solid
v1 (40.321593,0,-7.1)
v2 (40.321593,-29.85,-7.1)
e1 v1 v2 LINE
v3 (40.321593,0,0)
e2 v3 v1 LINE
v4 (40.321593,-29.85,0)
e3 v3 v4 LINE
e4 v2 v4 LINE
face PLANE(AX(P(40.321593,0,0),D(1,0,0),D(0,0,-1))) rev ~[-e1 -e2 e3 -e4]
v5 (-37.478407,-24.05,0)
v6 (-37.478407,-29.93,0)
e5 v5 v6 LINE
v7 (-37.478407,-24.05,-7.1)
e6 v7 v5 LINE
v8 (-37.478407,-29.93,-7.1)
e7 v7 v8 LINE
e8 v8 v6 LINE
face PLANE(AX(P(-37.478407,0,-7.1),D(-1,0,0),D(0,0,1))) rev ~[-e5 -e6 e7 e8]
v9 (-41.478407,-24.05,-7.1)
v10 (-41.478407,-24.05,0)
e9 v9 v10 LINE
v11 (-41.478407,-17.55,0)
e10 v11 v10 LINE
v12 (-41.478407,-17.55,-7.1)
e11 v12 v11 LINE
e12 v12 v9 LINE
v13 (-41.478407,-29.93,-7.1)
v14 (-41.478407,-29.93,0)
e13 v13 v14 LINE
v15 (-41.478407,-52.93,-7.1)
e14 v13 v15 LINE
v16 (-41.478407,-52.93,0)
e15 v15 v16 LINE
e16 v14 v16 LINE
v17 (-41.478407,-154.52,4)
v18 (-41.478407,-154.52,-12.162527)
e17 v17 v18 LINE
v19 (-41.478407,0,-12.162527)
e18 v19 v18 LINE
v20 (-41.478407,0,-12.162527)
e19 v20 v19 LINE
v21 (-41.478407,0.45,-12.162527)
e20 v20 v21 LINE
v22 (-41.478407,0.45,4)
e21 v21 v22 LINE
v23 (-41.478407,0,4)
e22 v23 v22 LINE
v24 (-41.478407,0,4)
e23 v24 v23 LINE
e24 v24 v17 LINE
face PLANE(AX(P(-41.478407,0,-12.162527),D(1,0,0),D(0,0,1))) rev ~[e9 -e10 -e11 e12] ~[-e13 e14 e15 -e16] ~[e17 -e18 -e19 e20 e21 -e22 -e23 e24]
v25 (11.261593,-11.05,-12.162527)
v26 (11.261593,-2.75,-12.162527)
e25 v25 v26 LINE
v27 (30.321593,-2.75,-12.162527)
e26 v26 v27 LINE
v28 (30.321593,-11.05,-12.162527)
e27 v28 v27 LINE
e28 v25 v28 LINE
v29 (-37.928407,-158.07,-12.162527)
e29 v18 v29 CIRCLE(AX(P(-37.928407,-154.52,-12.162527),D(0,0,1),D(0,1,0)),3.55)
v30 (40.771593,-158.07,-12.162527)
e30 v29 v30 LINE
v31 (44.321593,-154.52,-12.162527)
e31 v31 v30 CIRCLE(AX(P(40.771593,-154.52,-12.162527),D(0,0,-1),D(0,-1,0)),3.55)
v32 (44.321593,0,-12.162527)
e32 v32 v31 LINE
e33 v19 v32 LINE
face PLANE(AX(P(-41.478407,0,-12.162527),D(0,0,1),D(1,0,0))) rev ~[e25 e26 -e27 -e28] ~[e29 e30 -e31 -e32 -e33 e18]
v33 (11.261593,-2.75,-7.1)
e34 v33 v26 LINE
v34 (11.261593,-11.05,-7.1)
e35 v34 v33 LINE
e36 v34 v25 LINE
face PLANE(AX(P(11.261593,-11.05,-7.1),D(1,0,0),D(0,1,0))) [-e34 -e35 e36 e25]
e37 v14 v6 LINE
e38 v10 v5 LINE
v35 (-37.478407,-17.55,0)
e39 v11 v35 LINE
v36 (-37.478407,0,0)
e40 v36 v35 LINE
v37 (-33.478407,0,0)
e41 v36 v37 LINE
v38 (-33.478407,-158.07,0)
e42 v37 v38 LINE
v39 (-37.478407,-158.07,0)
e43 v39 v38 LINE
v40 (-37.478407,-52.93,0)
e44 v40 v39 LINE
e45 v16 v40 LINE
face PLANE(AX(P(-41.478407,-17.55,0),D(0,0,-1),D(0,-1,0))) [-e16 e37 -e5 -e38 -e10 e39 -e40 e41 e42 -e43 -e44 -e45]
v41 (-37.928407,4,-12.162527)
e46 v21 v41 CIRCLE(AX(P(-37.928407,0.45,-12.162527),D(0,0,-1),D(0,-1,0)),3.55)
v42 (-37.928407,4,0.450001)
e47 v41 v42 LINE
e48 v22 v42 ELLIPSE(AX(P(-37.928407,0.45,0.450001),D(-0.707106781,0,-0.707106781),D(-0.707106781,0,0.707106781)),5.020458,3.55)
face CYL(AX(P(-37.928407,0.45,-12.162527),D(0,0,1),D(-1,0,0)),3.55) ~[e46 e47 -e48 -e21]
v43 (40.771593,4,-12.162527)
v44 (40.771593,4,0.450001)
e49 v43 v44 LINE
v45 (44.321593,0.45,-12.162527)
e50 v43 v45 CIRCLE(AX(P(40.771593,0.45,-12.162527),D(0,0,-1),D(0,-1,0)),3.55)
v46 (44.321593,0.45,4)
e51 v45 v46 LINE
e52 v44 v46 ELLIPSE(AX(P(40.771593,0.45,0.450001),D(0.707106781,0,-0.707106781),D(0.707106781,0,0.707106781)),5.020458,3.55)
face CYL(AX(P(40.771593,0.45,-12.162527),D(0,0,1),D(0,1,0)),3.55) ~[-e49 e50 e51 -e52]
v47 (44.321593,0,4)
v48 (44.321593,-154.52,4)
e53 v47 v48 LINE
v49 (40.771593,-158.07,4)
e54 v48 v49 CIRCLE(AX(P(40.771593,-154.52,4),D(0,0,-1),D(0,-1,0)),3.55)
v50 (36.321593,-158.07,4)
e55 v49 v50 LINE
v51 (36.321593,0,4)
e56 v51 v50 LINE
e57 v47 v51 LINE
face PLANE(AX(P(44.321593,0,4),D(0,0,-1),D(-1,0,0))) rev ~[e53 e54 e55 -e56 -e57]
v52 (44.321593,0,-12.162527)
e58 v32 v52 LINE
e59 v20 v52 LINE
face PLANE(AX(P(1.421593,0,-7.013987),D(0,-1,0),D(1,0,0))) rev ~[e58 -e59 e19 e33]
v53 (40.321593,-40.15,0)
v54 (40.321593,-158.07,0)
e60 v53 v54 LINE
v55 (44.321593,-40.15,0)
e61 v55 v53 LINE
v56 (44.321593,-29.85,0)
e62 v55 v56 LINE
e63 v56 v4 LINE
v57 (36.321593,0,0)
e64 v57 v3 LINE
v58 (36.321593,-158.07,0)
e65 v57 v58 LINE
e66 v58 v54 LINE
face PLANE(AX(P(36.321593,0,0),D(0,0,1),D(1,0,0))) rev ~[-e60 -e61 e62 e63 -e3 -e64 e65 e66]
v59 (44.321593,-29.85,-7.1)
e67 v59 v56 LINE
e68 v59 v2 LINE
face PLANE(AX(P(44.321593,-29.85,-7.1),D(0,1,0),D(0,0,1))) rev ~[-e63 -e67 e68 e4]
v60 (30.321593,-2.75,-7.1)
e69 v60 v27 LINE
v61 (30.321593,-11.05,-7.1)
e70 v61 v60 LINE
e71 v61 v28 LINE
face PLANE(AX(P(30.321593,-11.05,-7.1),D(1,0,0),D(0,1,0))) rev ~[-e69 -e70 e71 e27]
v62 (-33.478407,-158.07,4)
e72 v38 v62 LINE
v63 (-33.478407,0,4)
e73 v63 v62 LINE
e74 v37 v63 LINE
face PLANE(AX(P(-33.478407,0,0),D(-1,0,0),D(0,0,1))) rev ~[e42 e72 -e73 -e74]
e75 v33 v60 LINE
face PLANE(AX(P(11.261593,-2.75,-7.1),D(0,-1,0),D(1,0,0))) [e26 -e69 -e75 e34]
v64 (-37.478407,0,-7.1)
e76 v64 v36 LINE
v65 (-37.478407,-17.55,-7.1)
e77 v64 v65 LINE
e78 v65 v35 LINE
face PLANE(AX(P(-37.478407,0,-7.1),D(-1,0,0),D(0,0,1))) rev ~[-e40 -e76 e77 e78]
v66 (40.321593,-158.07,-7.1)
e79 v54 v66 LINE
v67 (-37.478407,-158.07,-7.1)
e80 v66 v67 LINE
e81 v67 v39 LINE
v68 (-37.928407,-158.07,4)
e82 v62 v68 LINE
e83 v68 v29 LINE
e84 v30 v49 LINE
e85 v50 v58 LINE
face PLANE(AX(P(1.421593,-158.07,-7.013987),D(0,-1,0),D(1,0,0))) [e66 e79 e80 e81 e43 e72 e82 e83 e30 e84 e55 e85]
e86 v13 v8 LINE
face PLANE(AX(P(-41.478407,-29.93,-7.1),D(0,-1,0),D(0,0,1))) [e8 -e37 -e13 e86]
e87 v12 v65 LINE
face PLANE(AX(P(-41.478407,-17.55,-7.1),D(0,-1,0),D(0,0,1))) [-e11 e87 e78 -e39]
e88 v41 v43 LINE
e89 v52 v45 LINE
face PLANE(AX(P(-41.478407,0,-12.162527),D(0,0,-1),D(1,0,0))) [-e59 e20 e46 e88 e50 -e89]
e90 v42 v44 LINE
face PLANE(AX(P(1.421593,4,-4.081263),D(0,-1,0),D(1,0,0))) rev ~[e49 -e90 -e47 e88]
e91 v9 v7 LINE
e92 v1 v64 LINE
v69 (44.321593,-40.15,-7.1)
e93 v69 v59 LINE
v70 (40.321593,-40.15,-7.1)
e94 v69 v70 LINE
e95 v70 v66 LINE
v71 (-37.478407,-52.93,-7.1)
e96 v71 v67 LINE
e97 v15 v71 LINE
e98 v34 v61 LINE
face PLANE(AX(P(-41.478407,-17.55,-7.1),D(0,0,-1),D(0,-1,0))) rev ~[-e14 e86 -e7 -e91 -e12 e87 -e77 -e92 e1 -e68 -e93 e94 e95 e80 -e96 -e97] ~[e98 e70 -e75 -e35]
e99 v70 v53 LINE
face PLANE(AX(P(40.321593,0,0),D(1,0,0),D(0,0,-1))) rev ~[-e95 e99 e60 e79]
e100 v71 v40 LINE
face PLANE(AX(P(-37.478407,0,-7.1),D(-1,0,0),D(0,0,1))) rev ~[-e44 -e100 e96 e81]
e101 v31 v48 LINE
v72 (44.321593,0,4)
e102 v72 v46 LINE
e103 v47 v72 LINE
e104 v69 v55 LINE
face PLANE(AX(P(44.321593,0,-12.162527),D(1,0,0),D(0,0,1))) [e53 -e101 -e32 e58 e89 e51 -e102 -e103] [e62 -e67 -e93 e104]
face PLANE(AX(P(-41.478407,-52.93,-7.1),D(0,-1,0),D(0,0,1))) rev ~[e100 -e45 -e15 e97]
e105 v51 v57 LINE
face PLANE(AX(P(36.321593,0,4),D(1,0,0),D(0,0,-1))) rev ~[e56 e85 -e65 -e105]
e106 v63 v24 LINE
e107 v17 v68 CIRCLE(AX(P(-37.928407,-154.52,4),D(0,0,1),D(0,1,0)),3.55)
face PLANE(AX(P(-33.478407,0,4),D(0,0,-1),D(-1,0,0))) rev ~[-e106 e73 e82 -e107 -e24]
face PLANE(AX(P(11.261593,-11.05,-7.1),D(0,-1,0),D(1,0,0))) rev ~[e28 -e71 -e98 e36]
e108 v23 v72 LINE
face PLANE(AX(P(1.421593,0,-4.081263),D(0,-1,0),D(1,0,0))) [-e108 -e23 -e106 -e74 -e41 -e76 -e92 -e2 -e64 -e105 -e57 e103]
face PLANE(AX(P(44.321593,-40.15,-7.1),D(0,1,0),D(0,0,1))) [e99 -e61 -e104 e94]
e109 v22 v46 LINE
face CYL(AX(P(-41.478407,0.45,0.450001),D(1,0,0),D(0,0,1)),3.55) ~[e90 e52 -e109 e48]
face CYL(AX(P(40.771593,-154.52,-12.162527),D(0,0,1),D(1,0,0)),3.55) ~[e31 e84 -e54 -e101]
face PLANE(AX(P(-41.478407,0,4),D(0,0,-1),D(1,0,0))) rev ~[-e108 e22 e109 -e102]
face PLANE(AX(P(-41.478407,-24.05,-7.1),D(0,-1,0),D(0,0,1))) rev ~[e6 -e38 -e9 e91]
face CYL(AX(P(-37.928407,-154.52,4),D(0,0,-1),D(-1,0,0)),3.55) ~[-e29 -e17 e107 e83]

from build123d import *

# Parameters (mm, degrees)
F1_DEPTH  = 158.07
F3_W      = 85.8
F3_H      = 16.162527
F4_DEPTH  = 4
F5_R      = 3.55
F6_W      = 19.06
F6_H      = 8.3
F7_DEPTH  = 10
F8_W      = 6.5
F8_H      = 7.1
F8_W_2    = 23
F9_DEPTH  = 4
F10_W     = 10.3
F10_H     = 7.1
F11_DEPTH = 4


with BuildPart() as f1:
    # F0 (on Front) → F1 (new body)
    with BuildSketch(Plane.XZ):
        Polygon((-41.478407, 4), (-41.478407, -12.162527), (44.321593, -12.162527), (44.321593, 4), (36.321593, 4), (36.321593, 0), (40.321593, 0), (40.321593, -7.1), (-37.478407, -7.1), (-37.478407, 0), (-33.478407, 0), (-33.478407, 4), align=None)
    extrude(amount=F1_DEPTH)

    # F3 (on Front) → F4 (join)
    with BuildSketch(Plane.XZ):
        with Locations((1.421593, -4.081263)):
            Rectangle(F3_W, F3_H)
    extrude(amount=-F4_DEPTH)

    # F5
    f5_edges = [f1.edges().sort_by_distance(p)[0] for p in [
        (-41.478407, 4, -4.081264),
        (44.321593, 4, -4.081264),
        (1.421593, 4, 4),
        (44.321593, -158.07, -4.081264),
        (-41.478407, -158.07, -4.081264),
    ]]
    fillet(f5_edges, radius=F5_R)

    # F6 (on face) → F7 (cut)
    with BuildSketch(Plane.XY.offset(-7.1)):
        with Locations((20.791593, -6.9)):
            Rectangle(F6_W, F6_H)
    extrude(amount=-F7_DEPTH, mode=Mode.SUBTRACT)

    # F8 (on face) → F9 (cut)
    with BuildSketch(Plane(origin=(-41.478407, 0, 0), x_dir=(0, -1, 0), z_dir=(-1, 0, 0))):
        with Locations((20.8, -3.55)):
            Rectangle(F8_W, F8_H)
        with Locations((41.43, -3.55)):
            Rectangle(F8_W_2, F8_H)
    extrude(amount=-F9_DEPTH, mode=Mode.SUBTRACT)

    # F10 (on face) → F11 (cut)
    with BuildSketch(Plane.YZ.offset(44.321593)):
        with Locations((-35, -3.55)):
            Rectangle(F10_W, F10_H)
    extrude(amount=-F11_DEPTH, mode=Mode.SUBTRACT)


solid = f1.part
